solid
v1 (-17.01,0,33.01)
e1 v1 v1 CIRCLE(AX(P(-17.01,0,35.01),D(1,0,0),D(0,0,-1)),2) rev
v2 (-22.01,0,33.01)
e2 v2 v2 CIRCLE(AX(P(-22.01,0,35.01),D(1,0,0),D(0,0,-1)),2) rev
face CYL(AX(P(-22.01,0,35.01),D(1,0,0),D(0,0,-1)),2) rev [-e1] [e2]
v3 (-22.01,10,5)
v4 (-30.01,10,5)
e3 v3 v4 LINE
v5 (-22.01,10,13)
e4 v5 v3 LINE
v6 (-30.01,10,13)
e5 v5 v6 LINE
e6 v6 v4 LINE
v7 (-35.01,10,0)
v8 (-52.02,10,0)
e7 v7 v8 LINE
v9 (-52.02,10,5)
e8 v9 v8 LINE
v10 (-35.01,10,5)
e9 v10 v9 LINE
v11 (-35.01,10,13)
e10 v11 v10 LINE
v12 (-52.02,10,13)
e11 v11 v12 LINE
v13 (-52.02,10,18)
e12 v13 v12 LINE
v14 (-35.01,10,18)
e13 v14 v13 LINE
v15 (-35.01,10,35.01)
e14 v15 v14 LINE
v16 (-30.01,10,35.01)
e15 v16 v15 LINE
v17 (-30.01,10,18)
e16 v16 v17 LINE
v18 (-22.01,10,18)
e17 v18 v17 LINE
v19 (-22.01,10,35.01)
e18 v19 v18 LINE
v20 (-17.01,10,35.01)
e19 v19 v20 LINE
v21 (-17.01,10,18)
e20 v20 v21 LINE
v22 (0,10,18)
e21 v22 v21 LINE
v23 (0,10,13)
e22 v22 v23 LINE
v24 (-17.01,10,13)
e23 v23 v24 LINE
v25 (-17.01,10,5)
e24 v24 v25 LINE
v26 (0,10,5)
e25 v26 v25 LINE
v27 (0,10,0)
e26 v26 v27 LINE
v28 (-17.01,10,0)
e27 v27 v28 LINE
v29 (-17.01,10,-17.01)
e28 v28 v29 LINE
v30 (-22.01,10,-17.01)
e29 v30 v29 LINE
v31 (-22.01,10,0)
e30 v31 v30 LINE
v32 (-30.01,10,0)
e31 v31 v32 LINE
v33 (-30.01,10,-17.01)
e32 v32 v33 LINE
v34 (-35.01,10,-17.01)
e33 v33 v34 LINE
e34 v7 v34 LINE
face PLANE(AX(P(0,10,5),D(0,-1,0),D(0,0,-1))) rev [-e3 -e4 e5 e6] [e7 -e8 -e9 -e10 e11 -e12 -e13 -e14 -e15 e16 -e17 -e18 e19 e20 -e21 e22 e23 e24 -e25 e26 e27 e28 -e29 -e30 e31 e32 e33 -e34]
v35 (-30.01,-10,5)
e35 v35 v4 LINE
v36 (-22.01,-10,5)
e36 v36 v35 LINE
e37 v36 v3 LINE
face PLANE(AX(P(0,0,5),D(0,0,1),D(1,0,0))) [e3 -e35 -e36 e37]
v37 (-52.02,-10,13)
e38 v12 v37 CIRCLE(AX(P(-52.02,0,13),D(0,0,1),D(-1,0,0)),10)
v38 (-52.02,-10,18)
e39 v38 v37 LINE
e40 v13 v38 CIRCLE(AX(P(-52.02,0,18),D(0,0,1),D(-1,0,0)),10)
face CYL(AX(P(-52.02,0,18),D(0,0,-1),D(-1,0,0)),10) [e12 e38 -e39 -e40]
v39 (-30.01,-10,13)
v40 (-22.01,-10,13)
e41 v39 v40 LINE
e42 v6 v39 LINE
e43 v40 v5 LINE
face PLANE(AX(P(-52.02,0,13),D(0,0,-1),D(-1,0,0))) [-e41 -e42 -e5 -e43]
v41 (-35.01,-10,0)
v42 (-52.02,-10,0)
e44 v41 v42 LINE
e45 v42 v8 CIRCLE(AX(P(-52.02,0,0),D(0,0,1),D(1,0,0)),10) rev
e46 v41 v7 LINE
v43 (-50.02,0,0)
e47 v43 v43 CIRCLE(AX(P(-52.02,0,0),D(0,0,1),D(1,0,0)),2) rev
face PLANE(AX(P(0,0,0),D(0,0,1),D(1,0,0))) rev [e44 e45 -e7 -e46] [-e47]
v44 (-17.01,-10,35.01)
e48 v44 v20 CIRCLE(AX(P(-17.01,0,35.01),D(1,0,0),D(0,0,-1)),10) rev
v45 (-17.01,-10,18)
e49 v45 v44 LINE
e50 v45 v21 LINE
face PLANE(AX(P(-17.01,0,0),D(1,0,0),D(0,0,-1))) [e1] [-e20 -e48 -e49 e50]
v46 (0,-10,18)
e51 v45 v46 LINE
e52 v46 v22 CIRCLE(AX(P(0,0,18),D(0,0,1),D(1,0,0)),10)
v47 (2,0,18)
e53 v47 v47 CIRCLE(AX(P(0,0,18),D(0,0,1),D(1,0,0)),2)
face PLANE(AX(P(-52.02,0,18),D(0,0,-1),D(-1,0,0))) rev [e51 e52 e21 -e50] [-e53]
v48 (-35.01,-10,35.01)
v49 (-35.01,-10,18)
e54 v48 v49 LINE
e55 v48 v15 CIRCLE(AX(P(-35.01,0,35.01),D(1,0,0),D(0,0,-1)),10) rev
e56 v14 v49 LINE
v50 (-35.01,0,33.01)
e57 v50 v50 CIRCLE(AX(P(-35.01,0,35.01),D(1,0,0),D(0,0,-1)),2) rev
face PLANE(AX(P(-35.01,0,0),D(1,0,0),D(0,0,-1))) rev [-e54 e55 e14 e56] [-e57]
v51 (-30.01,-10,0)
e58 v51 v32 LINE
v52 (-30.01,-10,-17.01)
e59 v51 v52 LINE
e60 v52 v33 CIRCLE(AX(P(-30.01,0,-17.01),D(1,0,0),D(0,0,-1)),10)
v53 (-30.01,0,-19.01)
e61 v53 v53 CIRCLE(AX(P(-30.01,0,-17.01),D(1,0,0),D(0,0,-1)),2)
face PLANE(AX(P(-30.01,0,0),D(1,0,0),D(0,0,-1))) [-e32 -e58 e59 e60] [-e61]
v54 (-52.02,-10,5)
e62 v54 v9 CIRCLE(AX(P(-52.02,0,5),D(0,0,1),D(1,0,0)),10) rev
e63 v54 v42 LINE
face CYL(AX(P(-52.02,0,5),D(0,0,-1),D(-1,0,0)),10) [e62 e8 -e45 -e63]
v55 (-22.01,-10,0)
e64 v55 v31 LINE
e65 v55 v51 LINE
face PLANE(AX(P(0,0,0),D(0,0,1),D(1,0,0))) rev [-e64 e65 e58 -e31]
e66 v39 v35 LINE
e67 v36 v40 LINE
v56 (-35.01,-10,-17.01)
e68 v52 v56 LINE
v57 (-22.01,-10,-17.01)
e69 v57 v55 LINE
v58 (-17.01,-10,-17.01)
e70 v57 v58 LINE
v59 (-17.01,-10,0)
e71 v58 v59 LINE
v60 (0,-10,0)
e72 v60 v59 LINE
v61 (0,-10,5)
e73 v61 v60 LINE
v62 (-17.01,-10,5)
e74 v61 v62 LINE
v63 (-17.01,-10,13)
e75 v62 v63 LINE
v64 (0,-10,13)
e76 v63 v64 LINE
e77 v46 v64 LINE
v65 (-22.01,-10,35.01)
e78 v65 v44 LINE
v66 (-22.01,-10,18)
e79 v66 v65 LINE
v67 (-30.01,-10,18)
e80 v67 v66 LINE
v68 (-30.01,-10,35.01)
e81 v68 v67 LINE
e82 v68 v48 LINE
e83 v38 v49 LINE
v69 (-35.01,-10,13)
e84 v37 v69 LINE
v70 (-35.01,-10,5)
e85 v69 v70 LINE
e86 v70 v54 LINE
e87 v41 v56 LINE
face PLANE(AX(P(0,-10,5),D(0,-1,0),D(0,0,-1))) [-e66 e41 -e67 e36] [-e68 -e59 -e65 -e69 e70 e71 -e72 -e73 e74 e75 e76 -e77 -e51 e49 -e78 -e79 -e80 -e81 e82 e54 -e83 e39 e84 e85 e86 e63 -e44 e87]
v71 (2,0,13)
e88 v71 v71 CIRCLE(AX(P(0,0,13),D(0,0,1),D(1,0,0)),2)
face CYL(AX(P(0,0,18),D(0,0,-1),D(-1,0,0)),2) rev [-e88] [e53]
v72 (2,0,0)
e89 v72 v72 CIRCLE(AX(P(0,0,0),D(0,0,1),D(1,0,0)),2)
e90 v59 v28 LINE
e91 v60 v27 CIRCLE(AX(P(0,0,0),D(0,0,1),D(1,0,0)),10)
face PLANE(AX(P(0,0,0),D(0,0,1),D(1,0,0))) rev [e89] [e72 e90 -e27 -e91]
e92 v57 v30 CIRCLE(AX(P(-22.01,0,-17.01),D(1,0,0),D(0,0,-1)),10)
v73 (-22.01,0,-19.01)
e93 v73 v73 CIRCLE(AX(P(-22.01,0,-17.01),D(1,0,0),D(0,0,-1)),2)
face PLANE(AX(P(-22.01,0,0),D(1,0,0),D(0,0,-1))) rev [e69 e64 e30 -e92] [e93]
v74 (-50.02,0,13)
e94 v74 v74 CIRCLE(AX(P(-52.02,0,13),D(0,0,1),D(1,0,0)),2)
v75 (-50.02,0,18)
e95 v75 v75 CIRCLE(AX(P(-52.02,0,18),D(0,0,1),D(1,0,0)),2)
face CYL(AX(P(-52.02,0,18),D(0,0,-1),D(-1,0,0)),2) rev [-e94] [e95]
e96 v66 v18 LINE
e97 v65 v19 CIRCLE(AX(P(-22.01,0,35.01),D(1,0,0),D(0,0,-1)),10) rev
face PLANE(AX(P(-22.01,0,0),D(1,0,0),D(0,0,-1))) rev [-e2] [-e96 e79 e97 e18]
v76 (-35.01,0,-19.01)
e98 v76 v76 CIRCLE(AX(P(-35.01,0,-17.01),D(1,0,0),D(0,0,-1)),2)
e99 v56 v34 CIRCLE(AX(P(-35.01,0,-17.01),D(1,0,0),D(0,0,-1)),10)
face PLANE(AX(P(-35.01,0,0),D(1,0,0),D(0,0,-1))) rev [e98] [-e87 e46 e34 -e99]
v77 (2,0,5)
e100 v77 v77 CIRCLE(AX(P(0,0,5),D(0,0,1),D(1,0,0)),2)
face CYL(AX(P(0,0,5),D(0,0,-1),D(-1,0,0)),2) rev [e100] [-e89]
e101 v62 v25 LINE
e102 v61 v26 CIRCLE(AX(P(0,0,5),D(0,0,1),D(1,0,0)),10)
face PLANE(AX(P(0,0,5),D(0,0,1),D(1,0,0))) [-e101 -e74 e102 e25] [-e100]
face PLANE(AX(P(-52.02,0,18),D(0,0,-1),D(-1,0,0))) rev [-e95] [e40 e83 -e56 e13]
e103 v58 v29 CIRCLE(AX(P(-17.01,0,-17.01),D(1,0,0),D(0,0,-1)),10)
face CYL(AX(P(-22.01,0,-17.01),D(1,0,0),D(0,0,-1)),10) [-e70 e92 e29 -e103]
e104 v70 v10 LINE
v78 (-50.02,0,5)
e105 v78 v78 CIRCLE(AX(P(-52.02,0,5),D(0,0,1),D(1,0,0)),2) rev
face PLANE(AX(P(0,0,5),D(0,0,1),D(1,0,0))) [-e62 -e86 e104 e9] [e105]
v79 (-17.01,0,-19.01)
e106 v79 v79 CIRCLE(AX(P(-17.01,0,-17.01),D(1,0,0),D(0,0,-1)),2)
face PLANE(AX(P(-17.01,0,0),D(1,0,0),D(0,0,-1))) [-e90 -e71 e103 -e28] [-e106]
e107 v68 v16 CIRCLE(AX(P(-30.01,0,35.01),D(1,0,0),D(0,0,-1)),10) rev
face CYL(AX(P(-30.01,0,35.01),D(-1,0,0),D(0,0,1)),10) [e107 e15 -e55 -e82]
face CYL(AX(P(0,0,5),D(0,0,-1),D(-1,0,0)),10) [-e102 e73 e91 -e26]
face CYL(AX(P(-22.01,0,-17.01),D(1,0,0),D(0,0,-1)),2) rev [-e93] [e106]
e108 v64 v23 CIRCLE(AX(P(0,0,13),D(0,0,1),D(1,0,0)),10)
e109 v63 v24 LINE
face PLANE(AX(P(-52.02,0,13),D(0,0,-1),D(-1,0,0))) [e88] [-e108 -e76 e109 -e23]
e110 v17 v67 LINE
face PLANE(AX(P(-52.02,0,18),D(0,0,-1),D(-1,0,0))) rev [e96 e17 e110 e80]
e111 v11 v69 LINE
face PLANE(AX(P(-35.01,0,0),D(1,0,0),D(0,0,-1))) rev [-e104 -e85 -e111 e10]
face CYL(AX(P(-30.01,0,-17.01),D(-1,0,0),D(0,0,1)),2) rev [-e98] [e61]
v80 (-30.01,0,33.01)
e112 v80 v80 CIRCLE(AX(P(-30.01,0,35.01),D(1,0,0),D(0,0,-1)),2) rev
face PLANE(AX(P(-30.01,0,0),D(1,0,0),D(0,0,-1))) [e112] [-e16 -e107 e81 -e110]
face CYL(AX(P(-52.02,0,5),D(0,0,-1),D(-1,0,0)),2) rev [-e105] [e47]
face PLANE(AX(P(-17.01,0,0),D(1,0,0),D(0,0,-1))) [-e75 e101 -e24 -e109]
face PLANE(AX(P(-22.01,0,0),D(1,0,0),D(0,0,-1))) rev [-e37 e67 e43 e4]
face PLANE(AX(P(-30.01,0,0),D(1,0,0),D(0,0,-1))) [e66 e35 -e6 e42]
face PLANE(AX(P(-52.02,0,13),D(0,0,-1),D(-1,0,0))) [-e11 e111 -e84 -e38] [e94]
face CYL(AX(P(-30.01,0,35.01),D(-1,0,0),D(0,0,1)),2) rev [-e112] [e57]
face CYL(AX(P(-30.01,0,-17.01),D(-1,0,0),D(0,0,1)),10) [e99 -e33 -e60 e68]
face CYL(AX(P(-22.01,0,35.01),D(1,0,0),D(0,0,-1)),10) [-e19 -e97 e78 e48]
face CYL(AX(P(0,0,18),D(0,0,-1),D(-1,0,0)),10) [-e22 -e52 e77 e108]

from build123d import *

# Parameters (mm, degrees)
CROQUIS1_R              = 2
SALIENTE_EXTRUIR1_DEPTH = 5
CROQUIS3_R              = 2
SALIENTE_EXTRUIR2_DEPTH = 5
CROQUIS5_R              = 2
SALIENTE_EXTRUIR3_DEPTH = 5
CROQUIS6_R              = 2
SALIENTE_EXTRUIR4_DEPTH = 5


with BuildPart() as part:
    # Croquis1 → Saliente-Extruir1 (new body)
    with BuildSketch(Plane.XY):
        with BuildLine():
            Line((-52.02, -10), (-26.01, -10))
            Line((-26.01, -10), (-26.01, 10))
            Line((-26.01, 10), (-52.02, 10))
            ThreePointArc((-52.02, 10), (-62.02, 0), (-52.02, -10))
        make_face()
        with Locations((-52.02, 0)):
            Circle(CROQUIS1_R, mode=Mode.SUBTRACT)
        with BuildLine():
            Line((-26.01, 10), (-26.01, -10))
            Line((-26.01, -10), (0, -10))
            ThreePointArc((0, -10), (10, 0), (0, 10))
            Line((0, 10), (-26.01, 10))
        make_face()
        Circle(CROQUIS1_R, mode=Mode.SUBTRACT)
    extrude(amount=SALIENTE_EXTRUIR1_DEPTH)



with BuildPart() as body_2:
    # Croquis3 → Saliente-Extruir2 (new body)
    with BuildSketch(Plane.XY.offset(13)):
        with BuildLine():
            Line((-52.02, 10), (0, 10))
            ThreePointArc((0, 10), (10, 0), (0, -10))
            Line((0, -10), (-52.02, -10))
            ThreePointArc((-52.02, -10), (-62.02, 0), (-52.02, 10))
        make_face()
        with Locations((-52.02, 0)):
            Circle(CROQUIS3_R, mode=Mode.SUBTRACT)
        Circle(CROQUIS3_R, mode=Mode.SUBTRACT)
    extrude(amount=SALIENTE_EXTRUIR2_DEPTH)


with BuildPart() as part_1:
    add(part.part)

    add(body_2.part)  # Saliente-Extruir3 merges body 2
    # Croquis5 → Saliente-Extruir3 (add)
    with BuildSketch(Plane(origin=(-17.01, 10, 0), x_dir=(0, 0, -1), z_dir=(1, 0, 0))):
        with BuildLine():
            Line((-35.01, -20), (17.01, -20))
            ThreePointArc((17.01, -20), (27.01, -10), (17.01, 0))
            Line((17.01, 0), (-35.01, 0))
            ThreePointArc((-35.01, 0), (-45.01, -10), (-35.01, -20))
        make_face()
        with Locations((17.01, -10)):
            Circle(CROQUIS5_R, mode=Mode.SUBTRACT)
        with Locations((-35.01, -10)):
            Circle(CROQUIS5_R, mode=Mode.SUBTRACT)
    extrude(amount=-SALIENTE_EXTRUIR3_DEPTH)

    # Croquis6 → Saliente-Extruir4 (add)
    with BuildSketch(Plane(origin=(-35.01, 10, 0), x_dir=(0, 0, -1), z_dir=(1, 0, 0))):
        with BuildLine():
            Line((17.01, 0), (-9, 0))
            Line((-9, 0), (-9, -20))
            Line((-9, -20), (17.01, -20))
            ThreePointArc((17.01, -20), (27.01, -10), (17.01, 0))
        make_face()
        with Locations((17.01, -10)):
            Circle(CROQUIS6_R, mode=Mode.SUBTRACT)
        with BuildLine():
            Line((-9, -20), (-9, 0))
            Line((-9, 0), (-35.01, 0))
            ThreePointArc((-35.01, 0), (-45.01, -10), (-35.01, -20))
            Line((-35.01, -20), (-9, -20))
        make_face()
        with Locations((-35.01, -10)):
            Circle(CROQUIS6_R, mode=Mode.SUBTRACT)
    extrude(amount=SALIENTE_EXTRUIR4_DEPTH)


solid = part_1.part
